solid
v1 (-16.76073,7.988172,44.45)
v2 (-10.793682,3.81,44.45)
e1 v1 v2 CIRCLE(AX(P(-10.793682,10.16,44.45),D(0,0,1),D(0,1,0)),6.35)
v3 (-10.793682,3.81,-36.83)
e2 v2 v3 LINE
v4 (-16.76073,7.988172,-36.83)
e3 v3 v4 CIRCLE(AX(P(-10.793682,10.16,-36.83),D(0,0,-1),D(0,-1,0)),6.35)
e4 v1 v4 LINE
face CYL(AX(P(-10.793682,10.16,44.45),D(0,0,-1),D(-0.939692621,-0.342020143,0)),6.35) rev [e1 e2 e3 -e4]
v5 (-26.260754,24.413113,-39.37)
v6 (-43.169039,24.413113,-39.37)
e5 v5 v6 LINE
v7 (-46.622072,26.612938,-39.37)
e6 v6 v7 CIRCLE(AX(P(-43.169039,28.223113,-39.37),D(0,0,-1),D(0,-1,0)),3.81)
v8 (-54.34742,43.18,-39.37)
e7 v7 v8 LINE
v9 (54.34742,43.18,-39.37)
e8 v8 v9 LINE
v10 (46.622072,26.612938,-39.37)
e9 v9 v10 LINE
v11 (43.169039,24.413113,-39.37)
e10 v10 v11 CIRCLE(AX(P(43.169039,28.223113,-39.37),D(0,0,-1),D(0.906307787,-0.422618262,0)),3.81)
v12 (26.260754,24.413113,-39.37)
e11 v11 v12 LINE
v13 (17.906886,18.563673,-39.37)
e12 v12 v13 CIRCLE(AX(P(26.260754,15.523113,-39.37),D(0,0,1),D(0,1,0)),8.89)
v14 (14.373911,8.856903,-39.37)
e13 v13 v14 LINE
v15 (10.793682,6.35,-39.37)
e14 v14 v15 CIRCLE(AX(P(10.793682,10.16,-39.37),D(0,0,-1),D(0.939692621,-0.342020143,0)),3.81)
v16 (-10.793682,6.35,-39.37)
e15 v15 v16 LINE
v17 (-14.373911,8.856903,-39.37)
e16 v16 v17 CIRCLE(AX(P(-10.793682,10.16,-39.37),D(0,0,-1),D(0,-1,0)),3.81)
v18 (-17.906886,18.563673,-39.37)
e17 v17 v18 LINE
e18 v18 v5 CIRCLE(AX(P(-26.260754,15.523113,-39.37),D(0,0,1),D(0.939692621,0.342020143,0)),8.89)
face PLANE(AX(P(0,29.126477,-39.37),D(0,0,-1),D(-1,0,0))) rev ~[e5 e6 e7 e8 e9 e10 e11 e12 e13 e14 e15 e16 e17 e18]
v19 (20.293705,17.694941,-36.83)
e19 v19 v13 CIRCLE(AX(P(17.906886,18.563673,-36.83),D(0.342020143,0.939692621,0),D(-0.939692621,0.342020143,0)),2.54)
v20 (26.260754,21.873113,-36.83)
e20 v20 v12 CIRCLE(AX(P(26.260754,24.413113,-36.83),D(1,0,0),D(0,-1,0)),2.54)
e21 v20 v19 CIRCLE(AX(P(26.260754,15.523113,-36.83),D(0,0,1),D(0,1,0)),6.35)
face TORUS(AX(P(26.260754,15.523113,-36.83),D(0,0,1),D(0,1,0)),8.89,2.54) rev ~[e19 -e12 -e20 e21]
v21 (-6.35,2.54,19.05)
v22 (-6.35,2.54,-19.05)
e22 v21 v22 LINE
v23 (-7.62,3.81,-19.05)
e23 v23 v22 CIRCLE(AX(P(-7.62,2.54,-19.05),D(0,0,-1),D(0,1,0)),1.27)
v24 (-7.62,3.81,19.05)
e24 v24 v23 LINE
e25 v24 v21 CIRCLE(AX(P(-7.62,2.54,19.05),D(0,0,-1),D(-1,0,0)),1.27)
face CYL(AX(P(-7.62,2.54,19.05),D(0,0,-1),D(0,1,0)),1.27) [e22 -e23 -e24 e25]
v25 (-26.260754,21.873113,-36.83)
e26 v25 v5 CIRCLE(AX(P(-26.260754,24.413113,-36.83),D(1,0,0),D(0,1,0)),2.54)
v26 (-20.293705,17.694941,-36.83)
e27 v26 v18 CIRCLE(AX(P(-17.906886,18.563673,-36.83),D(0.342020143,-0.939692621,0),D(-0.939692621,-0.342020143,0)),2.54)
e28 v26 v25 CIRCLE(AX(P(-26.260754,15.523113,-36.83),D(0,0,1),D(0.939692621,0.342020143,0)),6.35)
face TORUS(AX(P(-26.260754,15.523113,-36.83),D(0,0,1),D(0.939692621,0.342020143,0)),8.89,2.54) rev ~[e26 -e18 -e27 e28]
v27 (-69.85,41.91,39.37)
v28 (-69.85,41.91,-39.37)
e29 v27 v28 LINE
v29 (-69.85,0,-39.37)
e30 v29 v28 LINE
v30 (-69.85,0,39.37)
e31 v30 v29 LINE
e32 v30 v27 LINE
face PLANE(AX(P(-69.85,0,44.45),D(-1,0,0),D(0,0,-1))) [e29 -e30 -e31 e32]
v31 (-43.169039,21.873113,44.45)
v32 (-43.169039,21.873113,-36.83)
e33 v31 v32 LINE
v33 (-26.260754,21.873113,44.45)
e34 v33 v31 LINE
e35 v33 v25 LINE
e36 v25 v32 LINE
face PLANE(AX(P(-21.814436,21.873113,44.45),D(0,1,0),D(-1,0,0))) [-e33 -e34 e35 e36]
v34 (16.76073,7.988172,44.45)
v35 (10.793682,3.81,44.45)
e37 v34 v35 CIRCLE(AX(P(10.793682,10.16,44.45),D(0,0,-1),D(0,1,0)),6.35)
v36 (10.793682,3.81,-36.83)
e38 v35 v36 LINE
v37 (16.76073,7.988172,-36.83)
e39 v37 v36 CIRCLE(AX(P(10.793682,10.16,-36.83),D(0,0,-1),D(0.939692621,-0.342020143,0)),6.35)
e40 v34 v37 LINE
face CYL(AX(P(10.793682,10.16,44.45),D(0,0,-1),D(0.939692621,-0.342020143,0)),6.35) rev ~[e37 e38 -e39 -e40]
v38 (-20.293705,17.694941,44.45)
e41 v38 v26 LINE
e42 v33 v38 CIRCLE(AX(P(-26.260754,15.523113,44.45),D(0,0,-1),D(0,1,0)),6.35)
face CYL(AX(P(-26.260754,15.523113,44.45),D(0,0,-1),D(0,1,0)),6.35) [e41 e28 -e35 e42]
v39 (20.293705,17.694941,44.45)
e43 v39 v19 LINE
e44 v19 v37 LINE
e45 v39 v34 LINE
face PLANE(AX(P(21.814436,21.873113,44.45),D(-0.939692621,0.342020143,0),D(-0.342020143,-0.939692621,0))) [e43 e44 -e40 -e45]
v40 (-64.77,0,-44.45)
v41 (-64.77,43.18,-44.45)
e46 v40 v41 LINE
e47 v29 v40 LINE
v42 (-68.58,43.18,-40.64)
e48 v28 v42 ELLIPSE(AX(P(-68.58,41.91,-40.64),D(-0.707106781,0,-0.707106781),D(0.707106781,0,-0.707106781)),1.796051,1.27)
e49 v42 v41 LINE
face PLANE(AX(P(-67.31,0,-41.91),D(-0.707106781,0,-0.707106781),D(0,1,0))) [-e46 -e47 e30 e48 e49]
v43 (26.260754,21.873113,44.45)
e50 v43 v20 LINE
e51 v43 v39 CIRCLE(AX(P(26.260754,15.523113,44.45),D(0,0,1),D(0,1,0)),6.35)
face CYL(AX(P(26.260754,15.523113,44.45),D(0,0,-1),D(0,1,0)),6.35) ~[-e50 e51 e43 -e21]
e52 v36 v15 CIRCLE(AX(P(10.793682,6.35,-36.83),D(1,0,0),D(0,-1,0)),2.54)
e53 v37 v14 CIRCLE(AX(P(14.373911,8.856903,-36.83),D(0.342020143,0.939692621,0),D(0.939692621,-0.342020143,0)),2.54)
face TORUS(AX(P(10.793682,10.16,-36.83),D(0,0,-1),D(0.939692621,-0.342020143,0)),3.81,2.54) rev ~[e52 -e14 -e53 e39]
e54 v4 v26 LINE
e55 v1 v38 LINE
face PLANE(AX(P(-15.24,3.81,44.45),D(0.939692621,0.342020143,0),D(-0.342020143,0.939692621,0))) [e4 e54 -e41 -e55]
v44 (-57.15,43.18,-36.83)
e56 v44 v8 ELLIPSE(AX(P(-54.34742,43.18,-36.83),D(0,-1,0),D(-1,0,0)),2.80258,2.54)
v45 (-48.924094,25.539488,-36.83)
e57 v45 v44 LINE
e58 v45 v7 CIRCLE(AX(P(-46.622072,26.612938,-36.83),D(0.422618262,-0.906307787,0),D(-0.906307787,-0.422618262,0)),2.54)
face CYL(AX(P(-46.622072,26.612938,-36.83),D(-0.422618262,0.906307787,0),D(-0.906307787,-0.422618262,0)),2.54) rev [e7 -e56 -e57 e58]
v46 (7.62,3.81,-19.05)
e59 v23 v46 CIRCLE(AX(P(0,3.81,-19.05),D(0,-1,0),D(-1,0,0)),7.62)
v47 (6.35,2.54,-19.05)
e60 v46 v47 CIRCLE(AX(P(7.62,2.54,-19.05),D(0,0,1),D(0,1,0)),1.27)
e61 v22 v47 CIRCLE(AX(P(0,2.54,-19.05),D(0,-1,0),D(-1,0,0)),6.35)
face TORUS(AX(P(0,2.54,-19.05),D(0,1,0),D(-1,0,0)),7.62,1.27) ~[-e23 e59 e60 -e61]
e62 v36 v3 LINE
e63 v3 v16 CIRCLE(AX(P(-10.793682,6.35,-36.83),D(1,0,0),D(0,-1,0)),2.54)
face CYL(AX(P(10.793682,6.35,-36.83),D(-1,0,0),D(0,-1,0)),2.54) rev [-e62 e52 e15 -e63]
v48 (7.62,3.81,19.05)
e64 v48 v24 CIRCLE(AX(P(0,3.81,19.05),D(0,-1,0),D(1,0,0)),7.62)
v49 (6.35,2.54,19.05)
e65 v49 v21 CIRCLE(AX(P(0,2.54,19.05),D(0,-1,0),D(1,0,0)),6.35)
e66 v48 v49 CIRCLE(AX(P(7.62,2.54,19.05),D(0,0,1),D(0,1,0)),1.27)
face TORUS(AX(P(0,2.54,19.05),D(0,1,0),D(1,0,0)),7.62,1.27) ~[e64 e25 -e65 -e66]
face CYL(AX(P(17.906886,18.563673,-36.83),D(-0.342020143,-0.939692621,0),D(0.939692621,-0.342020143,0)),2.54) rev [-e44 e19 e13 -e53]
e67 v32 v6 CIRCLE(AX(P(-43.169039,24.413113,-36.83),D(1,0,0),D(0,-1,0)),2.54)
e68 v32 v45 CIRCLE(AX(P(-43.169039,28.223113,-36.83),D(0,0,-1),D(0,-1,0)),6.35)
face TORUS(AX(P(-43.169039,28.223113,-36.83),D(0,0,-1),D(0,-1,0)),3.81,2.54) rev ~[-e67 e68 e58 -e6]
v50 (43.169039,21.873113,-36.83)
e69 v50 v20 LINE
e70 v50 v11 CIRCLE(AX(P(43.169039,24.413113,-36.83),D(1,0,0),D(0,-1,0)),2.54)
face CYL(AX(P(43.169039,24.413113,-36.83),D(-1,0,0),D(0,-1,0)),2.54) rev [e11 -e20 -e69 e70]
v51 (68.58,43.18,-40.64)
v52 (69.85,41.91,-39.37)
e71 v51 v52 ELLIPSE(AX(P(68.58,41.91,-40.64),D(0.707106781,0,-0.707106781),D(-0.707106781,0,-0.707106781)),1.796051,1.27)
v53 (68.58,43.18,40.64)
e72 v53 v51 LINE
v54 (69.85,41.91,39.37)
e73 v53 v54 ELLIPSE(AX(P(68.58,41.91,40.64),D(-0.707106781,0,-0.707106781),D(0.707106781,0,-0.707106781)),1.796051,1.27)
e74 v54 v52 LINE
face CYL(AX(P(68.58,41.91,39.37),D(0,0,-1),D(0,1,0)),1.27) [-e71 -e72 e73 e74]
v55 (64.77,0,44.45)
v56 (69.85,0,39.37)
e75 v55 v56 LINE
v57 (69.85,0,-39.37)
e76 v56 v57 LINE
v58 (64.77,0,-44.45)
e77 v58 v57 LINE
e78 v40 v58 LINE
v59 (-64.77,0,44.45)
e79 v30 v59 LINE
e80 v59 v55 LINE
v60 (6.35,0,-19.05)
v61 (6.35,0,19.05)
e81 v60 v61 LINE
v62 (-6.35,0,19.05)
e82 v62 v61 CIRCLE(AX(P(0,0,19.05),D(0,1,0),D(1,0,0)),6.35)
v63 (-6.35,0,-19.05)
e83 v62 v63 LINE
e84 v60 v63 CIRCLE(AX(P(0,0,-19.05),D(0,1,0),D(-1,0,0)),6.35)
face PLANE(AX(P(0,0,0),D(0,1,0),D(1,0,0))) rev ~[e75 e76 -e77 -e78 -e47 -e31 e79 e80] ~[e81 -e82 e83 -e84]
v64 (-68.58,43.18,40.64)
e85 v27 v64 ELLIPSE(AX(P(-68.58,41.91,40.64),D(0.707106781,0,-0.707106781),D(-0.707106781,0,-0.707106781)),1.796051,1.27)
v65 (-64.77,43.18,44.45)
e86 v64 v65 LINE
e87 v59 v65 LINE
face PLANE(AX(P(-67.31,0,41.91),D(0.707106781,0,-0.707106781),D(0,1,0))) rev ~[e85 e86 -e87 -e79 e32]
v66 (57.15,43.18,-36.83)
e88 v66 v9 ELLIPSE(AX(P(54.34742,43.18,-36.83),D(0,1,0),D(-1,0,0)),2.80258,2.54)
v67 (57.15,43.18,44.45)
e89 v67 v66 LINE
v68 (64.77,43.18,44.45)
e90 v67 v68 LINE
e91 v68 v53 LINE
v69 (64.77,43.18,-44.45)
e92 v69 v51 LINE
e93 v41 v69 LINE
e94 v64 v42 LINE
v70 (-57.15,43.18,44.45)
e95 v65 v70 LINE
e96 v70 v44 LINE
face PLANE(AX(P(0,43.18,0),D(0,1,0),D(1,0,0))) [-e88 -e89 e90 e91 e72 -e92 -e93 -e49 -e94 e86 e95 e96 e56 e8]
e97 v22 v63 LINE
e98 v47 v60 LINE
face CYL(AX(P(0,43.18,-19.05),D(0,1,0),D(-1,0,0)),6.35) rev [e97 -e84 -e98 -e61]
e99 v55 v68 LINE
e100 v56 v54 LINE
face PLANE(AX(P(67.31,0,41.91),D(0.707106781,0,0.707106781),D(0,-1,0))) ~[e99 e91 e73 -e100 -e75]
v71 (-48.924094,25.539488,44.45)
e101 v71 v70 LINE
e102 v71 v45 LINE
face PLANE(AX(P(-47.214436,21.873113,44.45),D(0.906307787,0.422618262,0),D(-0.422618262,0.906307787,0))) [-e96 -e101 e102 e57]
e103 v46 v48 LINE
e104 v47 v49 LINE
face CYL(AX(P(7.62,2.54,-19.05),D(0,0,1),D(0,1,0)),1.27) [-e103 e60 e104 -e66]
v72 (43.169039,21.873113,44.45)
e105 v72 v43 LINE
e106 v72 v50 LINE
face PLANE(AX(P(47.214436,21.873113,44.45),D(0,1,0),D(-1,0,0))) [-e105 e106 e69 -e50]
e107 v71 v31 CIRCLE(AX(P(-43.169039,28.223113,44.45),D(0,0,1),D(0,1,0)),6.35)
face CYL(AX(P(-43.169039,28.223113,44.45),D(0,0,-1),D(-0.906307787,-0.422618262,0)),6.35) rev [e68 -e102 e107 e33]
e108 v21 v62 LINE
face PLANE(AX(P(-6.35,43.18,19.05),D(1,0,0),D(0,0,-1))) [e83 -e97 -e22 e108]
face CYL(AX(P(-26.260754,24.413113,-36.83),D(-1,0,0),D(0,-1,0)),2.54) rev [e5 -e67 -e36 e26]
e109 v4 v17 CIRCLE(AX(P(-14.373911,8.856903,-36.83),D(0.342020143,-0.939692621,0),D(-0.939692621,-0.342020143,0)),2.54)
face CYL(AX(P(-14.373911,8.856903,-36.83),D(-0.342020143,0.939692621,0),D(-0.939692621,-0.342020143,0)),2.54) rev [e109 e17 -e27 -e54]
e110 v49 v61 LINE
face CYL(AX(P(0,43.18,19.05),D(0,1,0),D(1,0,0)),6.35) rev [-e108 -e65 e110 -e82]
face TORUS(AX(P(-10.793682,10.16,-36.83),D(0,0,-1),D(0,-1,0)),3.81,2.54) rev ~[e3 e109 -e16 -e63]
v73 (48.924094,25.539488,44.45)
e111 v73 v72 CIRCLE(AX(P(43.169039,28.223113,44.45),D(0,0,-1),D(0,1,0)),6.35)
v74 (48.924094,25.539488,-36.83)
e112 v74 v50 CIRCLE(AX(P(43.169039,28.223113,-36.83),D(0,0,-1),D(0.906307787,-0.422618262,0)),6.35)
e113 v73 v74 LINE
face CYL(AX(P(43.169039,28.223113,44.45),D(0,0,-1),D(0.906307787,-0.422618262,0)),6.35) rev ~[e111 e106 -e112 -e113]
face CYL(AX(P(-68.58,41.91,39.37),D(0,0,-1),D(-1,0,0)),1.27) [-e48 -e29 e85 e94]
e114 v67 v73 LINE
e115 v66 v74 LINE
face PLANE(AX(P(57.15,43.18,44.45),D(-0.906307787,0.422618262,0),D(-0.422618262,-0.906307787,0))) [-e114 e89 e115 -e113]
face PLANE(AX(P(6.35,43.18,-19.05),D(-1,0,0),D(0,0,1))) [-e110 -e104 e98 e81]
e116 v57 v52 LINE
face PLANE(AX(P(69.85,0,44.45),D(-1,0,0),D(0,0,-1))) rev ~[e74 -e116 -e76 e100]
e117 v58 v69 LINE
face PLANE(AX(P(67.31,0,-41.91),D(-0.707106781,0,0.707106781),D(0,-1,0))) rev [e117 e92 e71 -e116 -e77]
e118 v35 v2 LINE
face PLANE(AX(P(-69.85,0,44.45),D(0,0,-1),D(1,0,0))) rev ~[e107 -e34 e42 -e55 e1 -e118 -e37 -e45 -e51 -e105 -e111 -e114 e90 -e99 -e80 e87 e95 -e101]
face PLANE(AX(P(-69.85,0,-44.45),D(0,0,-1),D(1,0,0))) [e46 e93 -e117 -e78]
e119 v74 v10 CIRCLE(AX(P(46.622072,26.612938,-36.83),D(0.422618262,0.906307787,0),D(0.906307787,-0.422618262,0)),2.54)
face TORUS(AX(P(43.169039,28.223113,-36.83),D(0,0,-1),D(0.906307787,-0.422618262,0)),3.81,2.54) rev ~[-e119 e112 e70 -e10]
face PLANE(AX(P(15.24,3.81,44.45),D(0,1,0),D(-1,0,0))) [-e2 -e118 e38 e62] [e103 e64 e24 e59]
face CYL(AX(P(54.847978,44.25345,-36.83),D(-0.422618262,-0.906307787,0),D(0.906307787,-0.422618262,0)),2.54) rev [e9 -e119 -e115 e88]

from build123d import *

# Parameters (mm, degrees)
SKETCH3_W           = 139.7
SKETCH3_H           = 88.9
BOSS_EXTRUDE2_DEPTH = 43.18
CUT_EXTRUDE1_DEPTH  = 83.82
CUT_EXTRUDE2_DEPTH  = 94.377392339
CHAMFER1_SIZE       = 5.08
FILLET1_R           = 1.27
FILLET2_R           = 6.35
FILLET3_R           = 2.54
FILLET4_R           = 1.27


with BuildPart() as part:
    # Sketch3 → Boss-Extrude2 (new body)
    with BuildSketch(Plane(origin=(0, 0, 0), x_dir=(1, 0, 0), z_dir=(0, 1, 0))):
        Rectangle(SKETCH3_W, SKETCH3_H)
    extrude(amount=BOSS_EXTRUDE2_DEPTH)

    # Sketch4 → Cut-Extrude1 (cut)
    with BuildSketch(Plane.XY.offset(44.45)):
        Polygon((-57.15, 43.18), (57.15, 43.18), (47.214435647, 21.873113486), (21.814435647, 21.873113486), (15.24, 3.81), (-15.24, 3.81), (-21.814435647, 21.873113486), (-47.214435647, 21.873113486), align=None)
    extrude(amount=-CUT_EXTRUDE1_DEPTH, mode=Mode.SUBTRACT)

    # Sketch6 → Cut-Extrude2 (cut, through all)
    with BuildSketch(Plane(origin=(0, 43.18, 0), x_dir=(1, 0, 0), z_dir=(0, 1, 0))):
        with BuildLine():
            Line((-6.35, -19.05), (-6.35, 19.05))
            ThreePointArc((-6.35, 19.05), (0, 25.4), (6.35, 19.05))
            Line((6.35, 19.05), (6.35, -19.05))
            ThreePointArc((6.35, -19.05), (0, -25.4), (-6.35, -19.05))
        make_face()
    extrude(amount=-CUT_EXTRUDE2_DEPTH, mode=Mode.SUBTRACT)

    # Chamfer1
    chamfer1_edges = [part.edges().sort_by_distance(p)[0] for p in [
        (69.85, 21.59, 44.45),
        (-69.85, 21.59, 44.45),
        (-69.85, 21.59, -44.45),
        (69.85, 21.59, -44.45),
    ]]
    chamfer(chamfer1_edges, length=CHAMFER1_SIZE)

    # Fillet1
    fillet1_edges = [part.edges().sort_by_distance(p)[0] for p in [
        (-69.85, 43.18, 0),
        (69.85, 43.18, 0),
    ]]
    fillet(fillet1_edges, radius=FILLET1_R)

    # Fillet2
    fillet2_edges = [part.edges().sort_by_distance(p)[0] for p in [
        (-47.214435647, 21.873113486, 2.54),
        (47.214435647, 21.873113486, 2.54),
        (21.814435647, 21.873113486, 2.54),
        (15.24, 3.81, 2.54),
        (-15.24, 3.81, 2.54),
        (-21.814435647, 21.873113486, 2.54),
    ]]
    fillet(fillet2_edges, radius=FILLET2_R)

    # Fillet3
    fillet3_edges = [part.edges().sort_by_distance(p)[0] for p in [
        (53.037046969, 34.359743762, -39.37),
        (34.714896503, 21.873113486, -39.37),
        (-34.714896503, 21.873113486, -39.37),
        (-18.527217824, 12.841556743, -39.37),
        (0, 3.81, -39.37),
        (18.527217824, 12.841556743, -39.37),
        (-46.580892004, 22.867577805, -39.37),
        (-14.435892503, 4.958384519, -39.37),
        (14.435892503, 4.958384519, -39.37),
        (46.580892004, 22.867577805, -39.37),
        (22.618543144, 20.724728967, -39.37),
        (-22.618543144, 20.724728967, -39.37),
        (-53.037046969, 34.359743762, -39.37),
    ]]
    fillet(fillet3_edges, radius=FILLET3_R)

    # Fillet4
    fillet4_edges = [part.edges().sort_by_distance(p)[0] for p in [
        (6.35, 3.81, 0),
        (0, 3.81, -25.4),
        (-6.35, 3.81, 0),
        (0, 3.81, 25.4),
    ]]
    fillet(fillet4_edges, radius=FILLET4_R)


solid = part.part
